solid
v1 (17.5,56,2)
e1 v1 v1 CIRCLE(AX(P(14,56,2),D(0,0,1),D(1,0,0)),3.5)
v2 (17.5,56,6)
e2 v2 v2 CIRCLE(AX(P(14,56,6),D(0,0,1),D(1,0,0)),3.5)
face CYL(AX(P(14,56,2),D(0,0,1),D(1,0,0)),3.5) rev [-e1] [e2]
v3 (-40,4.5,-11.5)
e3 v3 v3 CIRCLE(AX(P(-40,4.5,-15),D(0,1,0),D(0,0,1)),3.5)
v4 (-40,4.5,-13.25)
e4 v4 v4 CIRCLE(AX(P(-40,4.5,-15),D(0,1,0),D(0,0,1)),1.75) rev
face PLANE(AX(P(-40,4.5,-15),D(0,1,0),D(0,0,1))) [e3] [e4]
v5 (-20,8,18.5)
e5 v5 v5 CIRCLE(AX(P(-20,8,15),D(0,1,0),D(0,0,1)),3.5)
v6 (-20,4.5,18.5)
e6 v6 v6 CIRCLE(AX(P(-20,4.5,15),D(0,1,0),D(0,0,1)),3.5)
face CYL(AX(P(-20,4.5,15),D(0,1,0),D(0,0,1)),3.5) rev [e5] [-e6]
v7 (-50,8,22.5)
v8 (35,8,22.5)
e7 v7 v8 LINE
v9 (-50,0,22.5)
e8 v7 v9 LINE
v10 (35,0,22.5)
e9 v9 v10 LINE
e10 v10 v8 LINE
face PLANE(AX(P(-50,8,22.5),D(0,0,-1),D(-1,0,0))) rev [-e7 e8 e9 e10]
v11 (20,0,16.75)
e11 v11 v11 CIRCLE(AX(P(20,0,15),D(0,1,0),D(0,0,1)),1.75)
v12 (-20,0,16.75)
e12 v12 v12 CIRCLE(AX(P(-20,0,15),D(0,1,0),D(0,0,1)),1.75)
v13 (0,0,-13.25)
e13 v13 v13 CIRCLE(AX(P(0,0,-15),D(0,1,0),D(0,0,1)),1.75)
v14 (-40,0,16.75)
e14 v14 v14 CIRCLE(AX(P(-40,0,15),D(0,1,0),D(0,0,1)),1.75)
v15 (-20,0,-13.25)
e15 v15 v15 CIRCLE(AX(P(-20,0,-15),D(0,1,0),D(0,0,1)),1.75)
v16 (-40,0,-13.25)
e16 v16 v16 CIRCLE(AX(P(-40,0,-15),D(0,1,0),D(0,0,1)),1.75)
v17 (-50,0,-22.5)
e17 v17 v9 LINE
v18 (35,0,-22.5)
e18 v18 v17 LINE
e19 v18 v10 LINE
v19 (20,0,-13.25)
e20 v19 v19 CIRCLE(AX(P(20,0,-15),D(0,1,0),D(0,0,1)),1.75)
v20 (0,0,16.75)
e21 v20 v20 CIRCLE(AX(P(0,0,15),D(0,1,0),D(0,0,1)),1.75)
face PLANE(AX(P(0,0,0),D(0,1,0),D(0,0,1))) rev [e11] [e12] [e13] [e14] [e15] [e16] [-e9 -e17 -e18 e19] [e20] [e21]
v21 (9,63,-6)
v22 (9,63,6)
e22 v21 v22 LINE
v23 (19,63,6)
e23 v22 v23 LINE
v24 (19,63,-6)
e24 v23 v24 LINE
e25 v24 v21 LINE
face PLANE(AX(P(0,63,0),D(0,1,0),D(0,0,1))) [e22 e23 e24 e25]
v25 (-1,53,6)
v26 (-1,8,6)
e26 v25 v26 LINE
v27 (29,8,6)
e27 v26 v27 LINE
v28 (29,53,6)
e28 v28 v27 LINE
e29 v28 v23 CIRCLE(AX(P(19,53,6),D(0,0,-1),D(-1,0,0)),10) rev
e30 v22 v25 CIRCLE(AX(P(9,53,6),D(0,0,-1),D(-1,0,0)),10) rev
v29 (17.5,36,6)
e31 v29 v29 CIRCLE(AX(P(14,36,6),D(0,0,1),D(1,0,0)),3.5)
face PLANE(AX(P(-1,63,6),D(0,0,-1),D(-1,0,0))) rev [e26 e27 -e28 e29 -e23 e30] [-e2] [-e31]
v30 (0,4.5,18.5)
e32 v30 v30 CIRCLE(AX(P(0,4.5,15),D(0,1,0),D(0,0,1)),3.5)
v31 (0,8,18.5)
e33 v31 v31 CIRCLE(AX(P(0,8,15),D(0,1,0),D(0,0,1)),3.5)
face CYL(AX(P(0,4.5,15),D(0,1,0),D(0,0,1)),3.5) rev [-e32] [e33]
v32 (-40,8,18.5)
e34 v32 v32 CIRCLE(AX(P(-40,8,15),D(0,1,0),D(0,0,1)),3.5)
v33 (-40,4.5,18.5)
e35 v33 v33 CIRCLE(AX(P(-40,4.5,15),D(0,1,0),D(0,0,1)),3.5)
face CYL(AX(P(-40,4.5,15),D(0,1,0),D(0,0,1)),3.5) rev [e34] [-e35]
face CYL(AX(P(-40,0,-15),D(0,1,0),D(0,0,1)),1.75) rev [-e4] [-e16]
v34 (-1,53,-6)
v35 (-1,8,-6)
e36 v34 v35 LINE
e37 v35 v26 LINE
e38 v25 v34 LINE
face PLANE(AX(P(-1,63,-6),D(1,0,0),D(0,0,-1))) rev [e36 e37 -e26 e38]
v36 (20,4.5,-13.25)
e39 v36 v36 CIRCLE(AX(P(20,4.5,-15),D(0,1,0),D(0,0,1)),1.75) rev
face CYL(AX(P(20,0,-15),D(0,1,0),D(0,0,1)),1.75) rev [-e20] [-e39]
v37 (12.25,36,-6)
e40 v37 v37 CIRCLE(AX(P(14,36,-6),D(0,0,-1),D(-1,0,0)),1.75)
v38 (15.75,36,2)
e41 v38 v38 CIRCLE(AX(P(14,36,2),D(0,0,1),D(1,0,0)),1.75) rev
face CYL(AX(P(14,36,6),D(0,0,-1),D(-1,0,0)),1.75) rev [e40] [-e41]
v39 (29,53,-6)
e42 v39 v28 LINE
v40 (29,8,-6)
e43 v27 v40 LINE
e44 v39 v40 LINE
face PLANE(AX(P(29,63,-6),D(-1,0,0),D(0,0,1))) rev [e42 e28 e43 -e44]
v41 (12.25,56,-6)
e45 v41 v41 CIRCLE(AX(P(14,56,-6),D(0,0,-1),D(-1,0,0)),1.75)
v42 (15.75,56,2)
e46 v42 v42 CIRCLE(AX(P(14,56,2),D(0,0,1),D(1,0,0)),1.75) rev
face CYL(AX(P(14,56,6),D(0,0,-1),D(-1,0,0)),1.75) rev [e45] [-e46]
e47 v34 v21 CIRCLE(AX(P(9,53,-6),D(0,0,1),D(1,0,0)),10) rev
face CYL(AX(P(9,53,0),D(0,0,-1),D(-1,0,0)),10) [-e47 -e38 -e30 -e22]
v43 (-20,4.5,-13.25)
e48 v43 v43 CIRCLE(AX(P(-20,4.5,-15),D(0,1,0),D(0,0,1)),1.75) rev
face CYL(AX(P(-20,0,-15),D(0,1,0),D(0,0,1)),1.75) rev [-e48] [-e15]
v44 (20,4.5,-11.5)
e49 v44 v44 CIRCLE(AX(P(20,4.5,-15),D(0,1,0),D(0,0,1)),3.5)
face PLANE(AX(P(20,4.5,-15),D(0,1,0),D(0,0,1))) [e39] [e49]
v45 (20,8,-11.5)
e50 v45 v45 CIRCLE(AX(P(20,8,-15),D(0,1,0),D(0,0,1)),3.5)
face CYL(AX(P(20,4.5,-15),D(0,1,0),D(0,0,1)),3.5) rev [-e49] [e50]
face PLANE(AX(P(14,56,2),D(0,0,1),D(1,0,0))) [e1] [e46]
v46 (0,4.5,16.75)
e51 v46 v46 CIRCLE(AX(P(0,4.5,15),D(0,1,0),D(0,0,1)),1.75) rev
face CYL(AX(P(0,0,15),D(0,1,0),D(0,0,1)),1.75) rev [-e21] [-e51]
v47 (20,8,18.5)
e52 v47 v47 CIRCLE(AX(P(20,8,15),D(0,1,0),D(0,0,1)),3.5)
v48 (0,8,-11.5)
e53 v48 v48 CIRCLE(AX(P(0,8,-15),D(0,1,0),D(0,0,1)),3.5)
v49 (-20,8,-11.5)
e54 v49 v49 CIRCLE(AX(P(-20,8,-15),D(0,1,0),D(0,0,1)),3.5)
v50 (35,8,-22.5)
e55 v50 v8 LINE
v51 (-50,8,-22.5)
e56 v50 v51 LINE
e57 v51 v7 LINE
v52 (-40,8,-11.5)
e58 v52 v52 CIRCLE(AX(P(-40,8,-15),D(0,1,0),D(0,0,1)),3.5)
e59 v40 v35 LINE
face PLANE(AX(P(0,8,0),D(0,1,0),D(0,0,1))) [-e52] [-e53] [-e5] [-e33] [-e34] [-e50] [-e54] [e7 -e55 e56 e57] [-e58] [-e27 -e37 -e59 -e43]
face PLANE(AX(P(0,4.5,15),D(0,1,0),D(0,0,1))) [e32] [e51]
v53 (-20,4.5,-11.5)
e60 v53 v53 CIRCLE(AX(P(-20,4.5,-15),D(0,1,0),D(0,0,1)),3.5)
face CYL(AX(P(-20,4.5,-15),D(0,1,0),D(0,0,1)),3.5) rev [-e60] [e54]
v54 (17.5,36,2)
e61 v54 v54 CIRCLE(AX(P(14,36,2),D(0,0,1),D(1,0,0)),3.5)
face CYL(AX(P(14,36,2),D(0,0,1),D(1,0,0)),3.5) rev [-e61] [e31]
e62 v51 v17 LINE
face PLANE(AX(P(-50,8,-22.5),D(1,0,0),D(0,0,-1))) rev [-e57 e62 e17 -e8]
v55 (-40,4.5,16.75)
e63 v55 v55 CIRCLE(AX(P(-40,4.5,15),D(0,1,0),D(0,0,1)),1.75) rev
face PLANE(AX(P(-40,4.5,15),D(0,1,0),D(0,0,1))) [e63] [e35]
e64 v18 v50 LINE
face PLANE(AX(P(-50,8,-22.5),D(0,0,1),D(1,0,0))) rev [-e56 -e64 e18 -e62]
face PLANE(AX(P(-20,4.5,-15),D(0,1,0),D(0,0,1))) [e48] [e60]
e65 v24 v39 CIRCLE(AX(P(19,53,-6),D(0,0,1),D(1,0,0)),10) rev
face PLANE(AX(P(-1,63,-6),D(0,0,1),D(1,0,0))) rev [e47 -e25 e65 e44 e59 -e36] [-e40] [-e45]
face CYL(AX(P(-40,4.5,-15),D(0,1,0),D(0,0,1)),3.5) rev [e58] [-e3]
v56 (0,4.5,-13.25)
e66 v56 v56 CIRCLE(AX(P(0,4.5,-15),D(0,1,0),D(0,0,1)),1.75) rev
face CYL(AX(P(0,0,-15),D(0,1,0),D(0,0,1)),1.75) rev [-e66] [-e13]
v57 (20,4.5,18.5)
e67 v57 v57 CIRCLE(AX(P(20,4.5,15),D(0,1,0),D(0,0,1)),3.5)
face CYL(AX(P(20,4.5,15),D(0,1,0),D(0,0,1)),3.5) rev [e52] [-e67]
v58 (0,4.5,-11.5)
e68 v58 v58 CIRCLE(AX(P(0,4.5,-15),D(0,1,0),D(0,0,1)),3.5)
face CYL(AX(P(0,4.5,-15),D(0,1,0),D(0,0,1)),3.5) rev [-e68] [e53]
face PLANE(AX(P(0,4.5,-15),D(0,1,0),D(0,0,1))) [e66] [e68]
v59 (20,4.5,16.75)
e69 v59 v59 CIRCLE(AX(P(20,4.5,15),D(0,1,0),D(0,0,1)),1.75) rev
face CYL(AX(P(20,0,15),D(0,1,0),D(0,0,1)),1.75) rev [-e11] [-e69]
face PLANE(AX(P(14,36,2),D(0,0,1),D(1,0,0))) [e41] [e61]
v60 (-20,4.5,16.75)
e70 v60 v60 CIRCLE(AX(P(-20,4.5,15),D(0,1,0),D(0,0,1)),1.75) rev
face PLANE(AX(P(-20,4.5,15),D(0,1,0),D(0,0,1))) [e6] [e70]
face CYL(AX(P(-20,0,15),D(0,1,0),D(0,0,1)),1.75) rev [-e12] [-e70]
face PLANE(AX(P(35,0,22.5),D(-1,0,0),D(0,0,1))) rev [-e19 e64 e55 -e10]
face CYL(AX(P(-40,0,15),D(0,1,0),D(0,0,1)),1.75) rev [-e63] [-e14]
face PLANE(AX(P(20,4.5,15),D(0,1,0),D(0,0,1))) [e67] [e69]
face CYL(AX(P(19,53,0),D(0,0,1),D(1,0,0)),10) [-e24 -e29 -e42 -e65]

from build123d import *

# Parameters (mm, degrees)
SKETCH1_W           = 100
SKETCH1_H           = 45
BOSS_EXTRUDE1_DEPTH = 8
SKETCH2_R           = 1.75
CUT_EXTRUDE1_DEPTH  = 8
SKETCH3_R           = 3.5
CUT_EXTRUDE2_DEPTH  = 3.5
SKETCH4_W           = 30
SKETCH4_H           = 12
BOSS_EXTRUDE2_DEPTH = 55
SKETCH7_W           = 15
SKETCH7_H           = 45
CUT_EXTRUDE4_DEPTH  = 8
SKETCH9_R           = 1.75
CUT_EXTRUDE6_DEPTH  = 12
FILLET1_R           = 10
FILLET2_R           = 10
SKETCH10_R          = 3.5
CUT_EXTRUDE7_DEPTH  = 4


with BuildPart() as part:
    # Sketch1 → Boss-Extrude1 (new body)
    with BuildSketch(Plane(origin=(0, 0, 0), x_dir=(1, 0, 0), z_dir=(0, 1, 0))):
        Rectangle(SKETCH1_W, SKETCH1_H)
    extrude(amount=BOSS_EXTRUDE1_DEPTH)

    # Sketch2 → Cut-Extrude1 (cut)
    with BuildSketch(Plane(origin=(0, 8, 0), x_dir=(1, 0, 0), z_dir=(0, 1, 0))):
        with Locations(Location((20, 15, 0), (0, 0, 270))):
            Circle(SKETCH2_R)
        with Locations(Location((20, -15, 0), (0, 0, 270))):
            Circle(SKETCH2_R)
        with Locations(Location((0, 15, 0), (0, 0, 270))):
            Circle(SKETCH2_R)
        with Locations(Location((0, -15, 0), (0, 0, 270))):
            Circle(SKETCH2_R)
        with Locations(Location((-20, 15, 0), (0, 0, 270))):
            Circle(SKETCH2_R)
        with Locations(Location((-20, -15, 0), (0, 0, 270))):
            Circle(SKETCH2_R)
        with Locations(Location((-40, 15, 0), (0, 0, 270))):
            Circle(SKETCH2_R)
        with Locations(Location((-40, -15, 0), (0, 0, 270))):
            Circle(SKETCH2_R)
    extrude(amount=-CUT_EXTRUDE1_DEPTH, mode=Mode.SUBTRACT)

    # Sketch3 → Cut-Extrude2 (cut)
    with BuildSketch(Plane(origin=(0, 8, 0), x_dir=(1, 0, 0), z_dir=(0, 1, 0))):
        with Locations(Location((-40, 15, 0), (0, 0, 270))):
            Circle(SKETCH3_R)
        with Locations(Location((-20, 15, 0), (0, 0, 270))):
            Circle(SKETCH3_R)
        with Locations(Location((0, 15, 0), (0, 0, 270))):
            Circle(SKETCH3_R)
        with Locations(Location((20, 15, 0), (0, 0, 270))):
            Circle(SKETCH3_R)
        with Locations(Location((-40, -15, 0), (0, 0, 270))):
            Circle(SKETCH3_R)
        with Locations(Location((-20, -15, 0), (0, 0, 270))):
            Circle(SKETCH3_R)
        with Locations(Location((0, -15, 0), (0, 0, 270))):
            Circle(SKETCH3_R)
        with Locations(Location((20, -15, 0), (0, 0, 270))):
            Circle(SKETCH3_R)
    extrude(amount=-CUT_EXTRUDE2_DEPTH, mode=Mode.SUBTRACT)

    # Sketch4 → Boss-Extrude2 (add)
    with BuildSketch(Plane(origin=(0, 8, 0), x_dir=(1, 0, 0), z_dir=(0, 1, 0))):
        with Locations((14, 0)):
            Rectangle(SKETCH4_W, SKETCH4_H)
    extrude(amount=BOSS_EXTRUDE2_DEPTH)

    # Sketch7 → Cut-Extrude4 (cut)
    with BuildSketch(Plane(origin=(0, 8, 0), x_dir=(1, 0, 0), z_dir=(0, 1, 0))):
        with Locations((42.5, 0)):
            Rectangle(SKETCH7_W, SKETCH7_H)
    extrude(amount=-CUT_EXTRUDE4_DEPTH, mode=Mode.SUBTRACT)

    # Sketch9 → Cut-Extrude6 (cut)
    with BuildSketch(Plane(origin=(0, 0, -6), x_dir=(-1, 0, 0), z_dir=(0, 0, -1))):
        with Locations((-14, 56)):
            Circle(SKETCH9_R)
        with Locations((-14, 36)):
            Circle(SKETCH9_R)
    extrude(amount=-CUT_EXTRUDE6_DEPTH, mode=Mode.SUBTRACT)

    # Fillet1
    fillet1_edges = [part.edges().sort_by_distance(p)[0] for p in [
        (29, 63, 0),
    ]]
    fillet(fillet1_edges, radius=FILLET1_R)

    # Fillet2
    fillet2_edges = [part.edges().sort_by_distance(p)[0] for p in [
        (-1, 63, 0),
    ]]
    fillet(fillet2_edges, radius=FILLET2_R)

    # Sketch10 → Cut-Extrude7 (cut)
    with BuildSketch(Plane.XY.offset(6)):
        with Locations((14, 36)):
            Circle(SKETCH10_R)
        with Locations((14, 56)):
            Circle(SKETCH10_R)
    extrude(amount=-CUT_EXTRUDE7_DEPTH, mode=Mode.SUBTRACT)


solid = part.part
